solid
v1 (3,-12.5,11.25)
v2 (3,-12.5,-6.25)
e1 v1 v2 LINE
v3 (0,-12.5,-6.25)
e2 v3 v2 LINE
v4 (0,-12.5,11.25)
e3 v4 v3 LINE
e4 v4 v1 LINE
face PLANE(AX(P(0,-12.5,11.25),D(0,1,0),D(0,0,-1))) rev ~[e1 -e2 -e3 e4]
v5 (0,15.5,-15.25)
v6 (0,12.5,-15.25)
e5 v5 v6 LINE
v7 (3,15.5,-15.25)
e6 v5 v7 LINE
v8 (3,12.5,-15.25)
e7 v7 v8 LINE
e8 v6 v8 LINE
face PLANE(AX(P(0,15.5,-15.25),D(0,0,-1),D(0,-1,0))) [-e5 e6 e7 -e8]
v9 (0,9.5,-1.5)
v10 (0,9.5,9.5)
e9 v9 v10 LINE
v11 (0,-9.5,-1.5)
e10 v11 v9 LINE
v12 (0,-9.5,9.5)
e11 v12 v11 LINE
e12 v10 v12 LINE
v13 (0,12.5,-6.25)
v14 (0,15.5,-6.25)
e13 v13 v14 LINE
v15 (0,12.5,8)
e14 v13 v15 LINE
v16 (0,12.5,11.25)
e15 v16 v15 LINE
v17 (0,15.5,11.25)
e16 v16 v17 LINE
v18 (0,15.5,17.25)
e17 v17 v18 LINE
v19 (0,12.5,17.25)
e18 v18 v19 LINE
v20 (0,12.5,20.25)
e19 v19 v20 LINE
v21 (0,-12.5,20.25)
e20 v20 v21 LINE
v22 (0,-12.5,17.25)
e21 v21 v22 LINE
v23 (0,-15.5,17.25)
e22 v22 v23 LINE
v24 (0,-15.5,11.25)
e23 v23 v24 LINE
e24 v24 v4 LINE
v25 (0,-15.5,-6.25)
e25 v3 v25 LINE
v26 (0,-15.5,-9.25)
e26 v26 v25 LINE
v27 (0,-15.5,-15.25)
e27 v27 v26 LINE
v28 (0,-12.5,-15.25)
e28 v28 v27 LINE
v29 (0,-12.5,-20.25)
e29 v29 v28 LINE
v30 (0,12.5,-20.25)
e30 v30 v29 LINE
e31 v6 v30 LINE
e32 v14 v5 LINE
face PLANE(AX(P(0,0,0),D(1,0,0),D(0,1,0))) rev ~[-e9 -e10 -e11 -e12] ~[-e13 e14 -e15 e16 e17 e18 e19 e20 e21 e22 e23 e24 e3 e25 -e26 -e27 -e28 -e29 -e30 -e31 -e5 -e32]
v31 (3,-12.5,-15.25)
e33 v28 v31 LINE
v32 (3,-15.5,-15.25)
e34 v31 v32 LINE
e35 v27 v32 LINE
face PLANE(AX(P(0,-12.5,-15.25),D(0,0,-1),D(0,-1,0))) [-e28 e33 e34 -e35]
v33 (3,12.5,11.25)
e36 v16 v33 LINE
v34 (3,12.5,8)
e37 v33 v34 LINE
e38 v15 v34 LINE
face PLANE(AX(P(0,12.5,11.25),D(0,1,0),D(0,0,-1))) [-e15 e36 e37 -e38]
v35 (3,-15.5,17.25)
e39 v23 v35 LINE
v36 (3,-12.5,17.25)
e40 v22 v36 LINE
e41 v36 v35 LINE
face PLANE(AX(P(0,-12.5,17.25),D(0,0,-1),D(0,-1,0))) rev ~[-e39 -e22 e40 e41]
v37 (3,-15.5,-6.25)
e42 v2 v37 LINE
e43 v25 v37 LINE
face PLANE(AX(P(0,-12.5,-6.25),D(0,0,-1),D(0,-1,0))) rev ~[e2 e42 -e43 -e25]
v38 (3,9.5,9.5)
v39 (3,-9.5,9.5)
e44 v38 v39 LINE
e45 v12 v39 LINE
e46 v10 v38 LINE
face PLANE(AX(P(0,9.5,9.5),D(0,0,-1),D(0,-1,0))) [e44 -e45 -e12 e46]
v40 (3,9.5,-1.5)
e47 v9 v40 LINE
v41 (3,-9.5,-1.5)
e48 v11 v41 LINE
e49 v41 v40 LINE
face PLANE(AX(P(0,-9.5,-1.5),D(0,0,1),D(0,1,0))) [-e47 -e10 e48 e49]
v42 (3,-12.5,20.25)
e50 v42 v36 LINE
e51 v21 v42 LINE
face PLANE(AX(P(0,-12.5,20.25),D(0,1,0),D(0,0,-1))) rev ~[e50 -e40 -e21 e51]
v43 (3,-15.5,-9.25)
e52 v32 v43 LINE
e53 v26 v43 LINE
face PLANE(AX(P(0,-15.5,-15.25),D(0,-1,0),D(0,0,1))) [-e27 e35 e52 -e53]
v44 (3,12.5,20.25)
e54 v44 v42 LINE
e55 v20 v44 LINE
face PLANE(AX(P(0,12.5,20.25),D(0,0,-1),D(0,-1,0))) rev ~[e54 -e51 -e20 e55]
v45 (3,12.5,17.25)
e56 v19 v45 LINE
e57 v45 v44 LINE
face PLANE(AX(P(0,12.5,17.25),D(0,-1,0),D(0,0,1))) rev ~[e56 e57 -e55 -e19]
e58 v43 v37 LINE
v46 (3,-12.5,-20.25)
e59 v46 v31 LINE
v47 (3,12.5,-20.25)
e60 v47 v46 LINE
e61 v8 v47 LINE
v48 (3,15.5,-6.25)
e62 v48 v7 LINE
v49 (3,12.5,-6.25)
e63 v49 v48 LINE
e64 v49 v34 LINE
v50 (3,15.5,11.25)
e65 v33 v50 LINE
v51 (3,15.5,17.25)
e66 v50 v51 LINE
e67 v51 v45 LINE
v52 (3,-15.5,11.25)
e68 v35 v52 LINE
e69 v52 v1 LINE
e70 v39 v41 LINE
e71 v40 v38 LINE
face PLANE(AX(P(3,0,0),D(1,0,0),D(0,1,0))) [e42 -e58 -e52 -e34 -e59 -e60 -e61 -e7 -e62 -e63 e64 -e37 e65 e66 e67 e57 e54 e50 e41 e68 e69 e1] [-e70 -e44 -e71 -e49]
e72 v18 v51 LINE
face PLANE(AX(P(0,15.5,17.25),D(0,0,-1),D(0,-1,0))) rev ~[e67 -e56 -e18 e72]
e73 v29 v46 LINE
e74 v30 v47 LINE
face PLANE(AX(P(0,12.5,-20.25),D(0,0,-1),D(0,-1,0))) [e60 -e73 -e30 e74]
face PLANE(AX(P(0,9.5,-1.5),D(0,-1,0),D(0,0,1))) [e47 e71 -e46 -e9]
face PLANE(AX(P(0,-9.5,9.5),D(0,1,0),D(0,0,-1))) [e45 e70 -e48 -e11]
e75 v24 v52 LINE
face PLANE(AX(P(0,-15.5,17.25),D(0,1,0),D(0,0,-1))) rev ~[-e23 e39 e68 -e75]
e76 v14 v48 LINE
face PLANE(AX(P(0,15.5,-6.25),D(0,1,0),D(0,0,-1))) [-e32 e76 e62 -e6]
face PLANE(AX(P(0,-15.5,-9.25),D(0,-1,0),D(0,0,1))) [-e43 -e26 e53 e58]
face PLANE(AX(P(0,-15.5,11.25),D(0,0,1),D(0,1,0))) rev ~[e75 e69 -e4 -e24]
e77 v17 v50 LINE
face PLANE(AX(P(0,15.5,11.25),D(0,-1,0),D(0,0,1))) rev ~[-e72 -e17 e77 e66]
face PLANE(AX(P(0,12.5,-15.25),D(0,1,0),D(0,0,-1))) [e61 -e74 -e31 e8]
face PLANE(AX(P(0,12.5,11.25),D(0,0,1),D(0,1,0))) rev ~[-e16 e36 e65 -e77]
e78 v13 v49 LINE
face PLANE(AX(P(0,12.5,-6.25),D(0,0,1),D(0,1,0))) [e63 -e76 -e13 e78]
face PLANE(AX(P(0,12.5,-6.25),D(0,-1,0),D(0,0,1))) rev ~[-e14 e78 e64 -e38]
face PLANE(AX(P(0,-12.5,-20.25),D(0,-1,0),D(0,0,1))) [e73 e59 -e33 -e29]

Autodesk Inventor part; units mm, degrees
ref_plane "YZ Plane" through (0, 0, 0) normal (1, 0, 0) x (0, 1, 0)
ref_plane "XZ Plane" through (0, 0, 0) normal (0, 1, 0) x (-1, 0, 0)
ref_plane "XY Plane" through (0, 0, 0) normal (0, 0, 1) x (1, 0, 0)
sketch "Boceto1" plane through (0, 0, 0) normal (1, 0, 0) x (0, 1, 0)
  line L0 (12.5, 11.25) -> (12.5, 8)
  line L1 (12.5, -6.25) -> (12.5, 11.25)
  line L2 (-12.5, 11.25) -> (-12.5, -6.25)
  line L3 (-15.5, -9.25) -> (-15.5, -6.25)
  line L4 (12.5, 11.25) -> (15.5, 11.25)
  line L5 (15.5, 11.25) -> (15.5, 17.25)
  line L6 (-15.5, 17.25) -> (-15.5, 11.25)
  line L7 (-15.5, 11.25) -> (-12.5, 11.25)
  line L8 (-12.5, 11.25) -> (-12.5, -6.25)
  line L9 (12.5, 11.25) -> (12.5, -6.25)
  line L10 (12.5, -6.25) -> (15.5, -6.25)
  line L11 (15.5, -6.25) -> (15.5, -15.25)
  line L12 (15.5, -15.25) -> (12.5, -15.25)
  line L13 (12.5, -15.25) -> (12.5, -20.25)
  line L14 (12.5, -20.25) -> (-12.5, -20.25)
  line L15 (-12.5, -20.25) -> (-12.5, -15.25)
  line L16 (-12.5, -15.25) -> (-15.5, -15.25)
  line L17 (-15.5, -15.25) -> (-15.5, -6.25)
  line L18 (9.5, 9.5) -> (-9.5, 9.5)
  line L19 (-9.5, 9.5) -> (-9.5, -1.5)
  line L20 (-9.5, -1.5) -> (9.5, -1.5)
  line L21 (9.5, -1.5) -> (9.5, 9.5)
  line L22 (-15.5, -6.25) -> (-15.5, -15.25)
  line L23 (-15.5, -15.25) -> (-12.5, -15.25)
  line L24 (-12.5, -15.25) -> (-12.5, -20.25)
  line L25 (-12.5, -20.25) -> (12.5, -20.25)
  line L26 (12.5, -20.25) -> (12.5, -15.25)
  line L27 (12.5, -15.25) -> (15.5, -15.25)
  line L28 (15.5, -15.25) -> (15.5, -6.25)
  line L29 (15.5, -6.25) -> (12.5, -6.25)
  line L30 (12.5, -6.25) -> (12.5, 11.25)
  line L31 (12.5, 11.25) -> (15.5, 11.25)
  line L32 (15.5, 11.25) -> (15.5, 17.25)
  line L33 (-15.5, 17.25) -> (-15.5, 11.25)
  line L34 (-15.5, 11.25) -> (-12.5, 11.25)
  line L35 (-12.5, 11.25) -> (-12.5, -6.25)
  line L36 (-12.5, -6.25) -> (-15.5, -6.25)
  line L37 (12.5, 17.25) -> (12.5, 20.25)
  line L38 (12.5, 20.25) -> (-12.5, 20.25)
  line L39 (-12.5, 20.25) -> (-12.5, 17.25)
  line L40 (15.5, 17.25) -> (12.5, 17.25)
  line L41 (-12.5, 17.25) -> (-15.5, 17.25)
  line L42 (15.5, 17.25) -> (12.5, 17.25)
  line L43 (-12.5, 17.25) -> (-15.5, 17.25)
  point P0 (0, 0)
extrude "Extrusión1" add sketch "Boceto1" along normal blind 3
properties part number "Switch_Support" material "MDF Tablero de fibras de densidad media"
